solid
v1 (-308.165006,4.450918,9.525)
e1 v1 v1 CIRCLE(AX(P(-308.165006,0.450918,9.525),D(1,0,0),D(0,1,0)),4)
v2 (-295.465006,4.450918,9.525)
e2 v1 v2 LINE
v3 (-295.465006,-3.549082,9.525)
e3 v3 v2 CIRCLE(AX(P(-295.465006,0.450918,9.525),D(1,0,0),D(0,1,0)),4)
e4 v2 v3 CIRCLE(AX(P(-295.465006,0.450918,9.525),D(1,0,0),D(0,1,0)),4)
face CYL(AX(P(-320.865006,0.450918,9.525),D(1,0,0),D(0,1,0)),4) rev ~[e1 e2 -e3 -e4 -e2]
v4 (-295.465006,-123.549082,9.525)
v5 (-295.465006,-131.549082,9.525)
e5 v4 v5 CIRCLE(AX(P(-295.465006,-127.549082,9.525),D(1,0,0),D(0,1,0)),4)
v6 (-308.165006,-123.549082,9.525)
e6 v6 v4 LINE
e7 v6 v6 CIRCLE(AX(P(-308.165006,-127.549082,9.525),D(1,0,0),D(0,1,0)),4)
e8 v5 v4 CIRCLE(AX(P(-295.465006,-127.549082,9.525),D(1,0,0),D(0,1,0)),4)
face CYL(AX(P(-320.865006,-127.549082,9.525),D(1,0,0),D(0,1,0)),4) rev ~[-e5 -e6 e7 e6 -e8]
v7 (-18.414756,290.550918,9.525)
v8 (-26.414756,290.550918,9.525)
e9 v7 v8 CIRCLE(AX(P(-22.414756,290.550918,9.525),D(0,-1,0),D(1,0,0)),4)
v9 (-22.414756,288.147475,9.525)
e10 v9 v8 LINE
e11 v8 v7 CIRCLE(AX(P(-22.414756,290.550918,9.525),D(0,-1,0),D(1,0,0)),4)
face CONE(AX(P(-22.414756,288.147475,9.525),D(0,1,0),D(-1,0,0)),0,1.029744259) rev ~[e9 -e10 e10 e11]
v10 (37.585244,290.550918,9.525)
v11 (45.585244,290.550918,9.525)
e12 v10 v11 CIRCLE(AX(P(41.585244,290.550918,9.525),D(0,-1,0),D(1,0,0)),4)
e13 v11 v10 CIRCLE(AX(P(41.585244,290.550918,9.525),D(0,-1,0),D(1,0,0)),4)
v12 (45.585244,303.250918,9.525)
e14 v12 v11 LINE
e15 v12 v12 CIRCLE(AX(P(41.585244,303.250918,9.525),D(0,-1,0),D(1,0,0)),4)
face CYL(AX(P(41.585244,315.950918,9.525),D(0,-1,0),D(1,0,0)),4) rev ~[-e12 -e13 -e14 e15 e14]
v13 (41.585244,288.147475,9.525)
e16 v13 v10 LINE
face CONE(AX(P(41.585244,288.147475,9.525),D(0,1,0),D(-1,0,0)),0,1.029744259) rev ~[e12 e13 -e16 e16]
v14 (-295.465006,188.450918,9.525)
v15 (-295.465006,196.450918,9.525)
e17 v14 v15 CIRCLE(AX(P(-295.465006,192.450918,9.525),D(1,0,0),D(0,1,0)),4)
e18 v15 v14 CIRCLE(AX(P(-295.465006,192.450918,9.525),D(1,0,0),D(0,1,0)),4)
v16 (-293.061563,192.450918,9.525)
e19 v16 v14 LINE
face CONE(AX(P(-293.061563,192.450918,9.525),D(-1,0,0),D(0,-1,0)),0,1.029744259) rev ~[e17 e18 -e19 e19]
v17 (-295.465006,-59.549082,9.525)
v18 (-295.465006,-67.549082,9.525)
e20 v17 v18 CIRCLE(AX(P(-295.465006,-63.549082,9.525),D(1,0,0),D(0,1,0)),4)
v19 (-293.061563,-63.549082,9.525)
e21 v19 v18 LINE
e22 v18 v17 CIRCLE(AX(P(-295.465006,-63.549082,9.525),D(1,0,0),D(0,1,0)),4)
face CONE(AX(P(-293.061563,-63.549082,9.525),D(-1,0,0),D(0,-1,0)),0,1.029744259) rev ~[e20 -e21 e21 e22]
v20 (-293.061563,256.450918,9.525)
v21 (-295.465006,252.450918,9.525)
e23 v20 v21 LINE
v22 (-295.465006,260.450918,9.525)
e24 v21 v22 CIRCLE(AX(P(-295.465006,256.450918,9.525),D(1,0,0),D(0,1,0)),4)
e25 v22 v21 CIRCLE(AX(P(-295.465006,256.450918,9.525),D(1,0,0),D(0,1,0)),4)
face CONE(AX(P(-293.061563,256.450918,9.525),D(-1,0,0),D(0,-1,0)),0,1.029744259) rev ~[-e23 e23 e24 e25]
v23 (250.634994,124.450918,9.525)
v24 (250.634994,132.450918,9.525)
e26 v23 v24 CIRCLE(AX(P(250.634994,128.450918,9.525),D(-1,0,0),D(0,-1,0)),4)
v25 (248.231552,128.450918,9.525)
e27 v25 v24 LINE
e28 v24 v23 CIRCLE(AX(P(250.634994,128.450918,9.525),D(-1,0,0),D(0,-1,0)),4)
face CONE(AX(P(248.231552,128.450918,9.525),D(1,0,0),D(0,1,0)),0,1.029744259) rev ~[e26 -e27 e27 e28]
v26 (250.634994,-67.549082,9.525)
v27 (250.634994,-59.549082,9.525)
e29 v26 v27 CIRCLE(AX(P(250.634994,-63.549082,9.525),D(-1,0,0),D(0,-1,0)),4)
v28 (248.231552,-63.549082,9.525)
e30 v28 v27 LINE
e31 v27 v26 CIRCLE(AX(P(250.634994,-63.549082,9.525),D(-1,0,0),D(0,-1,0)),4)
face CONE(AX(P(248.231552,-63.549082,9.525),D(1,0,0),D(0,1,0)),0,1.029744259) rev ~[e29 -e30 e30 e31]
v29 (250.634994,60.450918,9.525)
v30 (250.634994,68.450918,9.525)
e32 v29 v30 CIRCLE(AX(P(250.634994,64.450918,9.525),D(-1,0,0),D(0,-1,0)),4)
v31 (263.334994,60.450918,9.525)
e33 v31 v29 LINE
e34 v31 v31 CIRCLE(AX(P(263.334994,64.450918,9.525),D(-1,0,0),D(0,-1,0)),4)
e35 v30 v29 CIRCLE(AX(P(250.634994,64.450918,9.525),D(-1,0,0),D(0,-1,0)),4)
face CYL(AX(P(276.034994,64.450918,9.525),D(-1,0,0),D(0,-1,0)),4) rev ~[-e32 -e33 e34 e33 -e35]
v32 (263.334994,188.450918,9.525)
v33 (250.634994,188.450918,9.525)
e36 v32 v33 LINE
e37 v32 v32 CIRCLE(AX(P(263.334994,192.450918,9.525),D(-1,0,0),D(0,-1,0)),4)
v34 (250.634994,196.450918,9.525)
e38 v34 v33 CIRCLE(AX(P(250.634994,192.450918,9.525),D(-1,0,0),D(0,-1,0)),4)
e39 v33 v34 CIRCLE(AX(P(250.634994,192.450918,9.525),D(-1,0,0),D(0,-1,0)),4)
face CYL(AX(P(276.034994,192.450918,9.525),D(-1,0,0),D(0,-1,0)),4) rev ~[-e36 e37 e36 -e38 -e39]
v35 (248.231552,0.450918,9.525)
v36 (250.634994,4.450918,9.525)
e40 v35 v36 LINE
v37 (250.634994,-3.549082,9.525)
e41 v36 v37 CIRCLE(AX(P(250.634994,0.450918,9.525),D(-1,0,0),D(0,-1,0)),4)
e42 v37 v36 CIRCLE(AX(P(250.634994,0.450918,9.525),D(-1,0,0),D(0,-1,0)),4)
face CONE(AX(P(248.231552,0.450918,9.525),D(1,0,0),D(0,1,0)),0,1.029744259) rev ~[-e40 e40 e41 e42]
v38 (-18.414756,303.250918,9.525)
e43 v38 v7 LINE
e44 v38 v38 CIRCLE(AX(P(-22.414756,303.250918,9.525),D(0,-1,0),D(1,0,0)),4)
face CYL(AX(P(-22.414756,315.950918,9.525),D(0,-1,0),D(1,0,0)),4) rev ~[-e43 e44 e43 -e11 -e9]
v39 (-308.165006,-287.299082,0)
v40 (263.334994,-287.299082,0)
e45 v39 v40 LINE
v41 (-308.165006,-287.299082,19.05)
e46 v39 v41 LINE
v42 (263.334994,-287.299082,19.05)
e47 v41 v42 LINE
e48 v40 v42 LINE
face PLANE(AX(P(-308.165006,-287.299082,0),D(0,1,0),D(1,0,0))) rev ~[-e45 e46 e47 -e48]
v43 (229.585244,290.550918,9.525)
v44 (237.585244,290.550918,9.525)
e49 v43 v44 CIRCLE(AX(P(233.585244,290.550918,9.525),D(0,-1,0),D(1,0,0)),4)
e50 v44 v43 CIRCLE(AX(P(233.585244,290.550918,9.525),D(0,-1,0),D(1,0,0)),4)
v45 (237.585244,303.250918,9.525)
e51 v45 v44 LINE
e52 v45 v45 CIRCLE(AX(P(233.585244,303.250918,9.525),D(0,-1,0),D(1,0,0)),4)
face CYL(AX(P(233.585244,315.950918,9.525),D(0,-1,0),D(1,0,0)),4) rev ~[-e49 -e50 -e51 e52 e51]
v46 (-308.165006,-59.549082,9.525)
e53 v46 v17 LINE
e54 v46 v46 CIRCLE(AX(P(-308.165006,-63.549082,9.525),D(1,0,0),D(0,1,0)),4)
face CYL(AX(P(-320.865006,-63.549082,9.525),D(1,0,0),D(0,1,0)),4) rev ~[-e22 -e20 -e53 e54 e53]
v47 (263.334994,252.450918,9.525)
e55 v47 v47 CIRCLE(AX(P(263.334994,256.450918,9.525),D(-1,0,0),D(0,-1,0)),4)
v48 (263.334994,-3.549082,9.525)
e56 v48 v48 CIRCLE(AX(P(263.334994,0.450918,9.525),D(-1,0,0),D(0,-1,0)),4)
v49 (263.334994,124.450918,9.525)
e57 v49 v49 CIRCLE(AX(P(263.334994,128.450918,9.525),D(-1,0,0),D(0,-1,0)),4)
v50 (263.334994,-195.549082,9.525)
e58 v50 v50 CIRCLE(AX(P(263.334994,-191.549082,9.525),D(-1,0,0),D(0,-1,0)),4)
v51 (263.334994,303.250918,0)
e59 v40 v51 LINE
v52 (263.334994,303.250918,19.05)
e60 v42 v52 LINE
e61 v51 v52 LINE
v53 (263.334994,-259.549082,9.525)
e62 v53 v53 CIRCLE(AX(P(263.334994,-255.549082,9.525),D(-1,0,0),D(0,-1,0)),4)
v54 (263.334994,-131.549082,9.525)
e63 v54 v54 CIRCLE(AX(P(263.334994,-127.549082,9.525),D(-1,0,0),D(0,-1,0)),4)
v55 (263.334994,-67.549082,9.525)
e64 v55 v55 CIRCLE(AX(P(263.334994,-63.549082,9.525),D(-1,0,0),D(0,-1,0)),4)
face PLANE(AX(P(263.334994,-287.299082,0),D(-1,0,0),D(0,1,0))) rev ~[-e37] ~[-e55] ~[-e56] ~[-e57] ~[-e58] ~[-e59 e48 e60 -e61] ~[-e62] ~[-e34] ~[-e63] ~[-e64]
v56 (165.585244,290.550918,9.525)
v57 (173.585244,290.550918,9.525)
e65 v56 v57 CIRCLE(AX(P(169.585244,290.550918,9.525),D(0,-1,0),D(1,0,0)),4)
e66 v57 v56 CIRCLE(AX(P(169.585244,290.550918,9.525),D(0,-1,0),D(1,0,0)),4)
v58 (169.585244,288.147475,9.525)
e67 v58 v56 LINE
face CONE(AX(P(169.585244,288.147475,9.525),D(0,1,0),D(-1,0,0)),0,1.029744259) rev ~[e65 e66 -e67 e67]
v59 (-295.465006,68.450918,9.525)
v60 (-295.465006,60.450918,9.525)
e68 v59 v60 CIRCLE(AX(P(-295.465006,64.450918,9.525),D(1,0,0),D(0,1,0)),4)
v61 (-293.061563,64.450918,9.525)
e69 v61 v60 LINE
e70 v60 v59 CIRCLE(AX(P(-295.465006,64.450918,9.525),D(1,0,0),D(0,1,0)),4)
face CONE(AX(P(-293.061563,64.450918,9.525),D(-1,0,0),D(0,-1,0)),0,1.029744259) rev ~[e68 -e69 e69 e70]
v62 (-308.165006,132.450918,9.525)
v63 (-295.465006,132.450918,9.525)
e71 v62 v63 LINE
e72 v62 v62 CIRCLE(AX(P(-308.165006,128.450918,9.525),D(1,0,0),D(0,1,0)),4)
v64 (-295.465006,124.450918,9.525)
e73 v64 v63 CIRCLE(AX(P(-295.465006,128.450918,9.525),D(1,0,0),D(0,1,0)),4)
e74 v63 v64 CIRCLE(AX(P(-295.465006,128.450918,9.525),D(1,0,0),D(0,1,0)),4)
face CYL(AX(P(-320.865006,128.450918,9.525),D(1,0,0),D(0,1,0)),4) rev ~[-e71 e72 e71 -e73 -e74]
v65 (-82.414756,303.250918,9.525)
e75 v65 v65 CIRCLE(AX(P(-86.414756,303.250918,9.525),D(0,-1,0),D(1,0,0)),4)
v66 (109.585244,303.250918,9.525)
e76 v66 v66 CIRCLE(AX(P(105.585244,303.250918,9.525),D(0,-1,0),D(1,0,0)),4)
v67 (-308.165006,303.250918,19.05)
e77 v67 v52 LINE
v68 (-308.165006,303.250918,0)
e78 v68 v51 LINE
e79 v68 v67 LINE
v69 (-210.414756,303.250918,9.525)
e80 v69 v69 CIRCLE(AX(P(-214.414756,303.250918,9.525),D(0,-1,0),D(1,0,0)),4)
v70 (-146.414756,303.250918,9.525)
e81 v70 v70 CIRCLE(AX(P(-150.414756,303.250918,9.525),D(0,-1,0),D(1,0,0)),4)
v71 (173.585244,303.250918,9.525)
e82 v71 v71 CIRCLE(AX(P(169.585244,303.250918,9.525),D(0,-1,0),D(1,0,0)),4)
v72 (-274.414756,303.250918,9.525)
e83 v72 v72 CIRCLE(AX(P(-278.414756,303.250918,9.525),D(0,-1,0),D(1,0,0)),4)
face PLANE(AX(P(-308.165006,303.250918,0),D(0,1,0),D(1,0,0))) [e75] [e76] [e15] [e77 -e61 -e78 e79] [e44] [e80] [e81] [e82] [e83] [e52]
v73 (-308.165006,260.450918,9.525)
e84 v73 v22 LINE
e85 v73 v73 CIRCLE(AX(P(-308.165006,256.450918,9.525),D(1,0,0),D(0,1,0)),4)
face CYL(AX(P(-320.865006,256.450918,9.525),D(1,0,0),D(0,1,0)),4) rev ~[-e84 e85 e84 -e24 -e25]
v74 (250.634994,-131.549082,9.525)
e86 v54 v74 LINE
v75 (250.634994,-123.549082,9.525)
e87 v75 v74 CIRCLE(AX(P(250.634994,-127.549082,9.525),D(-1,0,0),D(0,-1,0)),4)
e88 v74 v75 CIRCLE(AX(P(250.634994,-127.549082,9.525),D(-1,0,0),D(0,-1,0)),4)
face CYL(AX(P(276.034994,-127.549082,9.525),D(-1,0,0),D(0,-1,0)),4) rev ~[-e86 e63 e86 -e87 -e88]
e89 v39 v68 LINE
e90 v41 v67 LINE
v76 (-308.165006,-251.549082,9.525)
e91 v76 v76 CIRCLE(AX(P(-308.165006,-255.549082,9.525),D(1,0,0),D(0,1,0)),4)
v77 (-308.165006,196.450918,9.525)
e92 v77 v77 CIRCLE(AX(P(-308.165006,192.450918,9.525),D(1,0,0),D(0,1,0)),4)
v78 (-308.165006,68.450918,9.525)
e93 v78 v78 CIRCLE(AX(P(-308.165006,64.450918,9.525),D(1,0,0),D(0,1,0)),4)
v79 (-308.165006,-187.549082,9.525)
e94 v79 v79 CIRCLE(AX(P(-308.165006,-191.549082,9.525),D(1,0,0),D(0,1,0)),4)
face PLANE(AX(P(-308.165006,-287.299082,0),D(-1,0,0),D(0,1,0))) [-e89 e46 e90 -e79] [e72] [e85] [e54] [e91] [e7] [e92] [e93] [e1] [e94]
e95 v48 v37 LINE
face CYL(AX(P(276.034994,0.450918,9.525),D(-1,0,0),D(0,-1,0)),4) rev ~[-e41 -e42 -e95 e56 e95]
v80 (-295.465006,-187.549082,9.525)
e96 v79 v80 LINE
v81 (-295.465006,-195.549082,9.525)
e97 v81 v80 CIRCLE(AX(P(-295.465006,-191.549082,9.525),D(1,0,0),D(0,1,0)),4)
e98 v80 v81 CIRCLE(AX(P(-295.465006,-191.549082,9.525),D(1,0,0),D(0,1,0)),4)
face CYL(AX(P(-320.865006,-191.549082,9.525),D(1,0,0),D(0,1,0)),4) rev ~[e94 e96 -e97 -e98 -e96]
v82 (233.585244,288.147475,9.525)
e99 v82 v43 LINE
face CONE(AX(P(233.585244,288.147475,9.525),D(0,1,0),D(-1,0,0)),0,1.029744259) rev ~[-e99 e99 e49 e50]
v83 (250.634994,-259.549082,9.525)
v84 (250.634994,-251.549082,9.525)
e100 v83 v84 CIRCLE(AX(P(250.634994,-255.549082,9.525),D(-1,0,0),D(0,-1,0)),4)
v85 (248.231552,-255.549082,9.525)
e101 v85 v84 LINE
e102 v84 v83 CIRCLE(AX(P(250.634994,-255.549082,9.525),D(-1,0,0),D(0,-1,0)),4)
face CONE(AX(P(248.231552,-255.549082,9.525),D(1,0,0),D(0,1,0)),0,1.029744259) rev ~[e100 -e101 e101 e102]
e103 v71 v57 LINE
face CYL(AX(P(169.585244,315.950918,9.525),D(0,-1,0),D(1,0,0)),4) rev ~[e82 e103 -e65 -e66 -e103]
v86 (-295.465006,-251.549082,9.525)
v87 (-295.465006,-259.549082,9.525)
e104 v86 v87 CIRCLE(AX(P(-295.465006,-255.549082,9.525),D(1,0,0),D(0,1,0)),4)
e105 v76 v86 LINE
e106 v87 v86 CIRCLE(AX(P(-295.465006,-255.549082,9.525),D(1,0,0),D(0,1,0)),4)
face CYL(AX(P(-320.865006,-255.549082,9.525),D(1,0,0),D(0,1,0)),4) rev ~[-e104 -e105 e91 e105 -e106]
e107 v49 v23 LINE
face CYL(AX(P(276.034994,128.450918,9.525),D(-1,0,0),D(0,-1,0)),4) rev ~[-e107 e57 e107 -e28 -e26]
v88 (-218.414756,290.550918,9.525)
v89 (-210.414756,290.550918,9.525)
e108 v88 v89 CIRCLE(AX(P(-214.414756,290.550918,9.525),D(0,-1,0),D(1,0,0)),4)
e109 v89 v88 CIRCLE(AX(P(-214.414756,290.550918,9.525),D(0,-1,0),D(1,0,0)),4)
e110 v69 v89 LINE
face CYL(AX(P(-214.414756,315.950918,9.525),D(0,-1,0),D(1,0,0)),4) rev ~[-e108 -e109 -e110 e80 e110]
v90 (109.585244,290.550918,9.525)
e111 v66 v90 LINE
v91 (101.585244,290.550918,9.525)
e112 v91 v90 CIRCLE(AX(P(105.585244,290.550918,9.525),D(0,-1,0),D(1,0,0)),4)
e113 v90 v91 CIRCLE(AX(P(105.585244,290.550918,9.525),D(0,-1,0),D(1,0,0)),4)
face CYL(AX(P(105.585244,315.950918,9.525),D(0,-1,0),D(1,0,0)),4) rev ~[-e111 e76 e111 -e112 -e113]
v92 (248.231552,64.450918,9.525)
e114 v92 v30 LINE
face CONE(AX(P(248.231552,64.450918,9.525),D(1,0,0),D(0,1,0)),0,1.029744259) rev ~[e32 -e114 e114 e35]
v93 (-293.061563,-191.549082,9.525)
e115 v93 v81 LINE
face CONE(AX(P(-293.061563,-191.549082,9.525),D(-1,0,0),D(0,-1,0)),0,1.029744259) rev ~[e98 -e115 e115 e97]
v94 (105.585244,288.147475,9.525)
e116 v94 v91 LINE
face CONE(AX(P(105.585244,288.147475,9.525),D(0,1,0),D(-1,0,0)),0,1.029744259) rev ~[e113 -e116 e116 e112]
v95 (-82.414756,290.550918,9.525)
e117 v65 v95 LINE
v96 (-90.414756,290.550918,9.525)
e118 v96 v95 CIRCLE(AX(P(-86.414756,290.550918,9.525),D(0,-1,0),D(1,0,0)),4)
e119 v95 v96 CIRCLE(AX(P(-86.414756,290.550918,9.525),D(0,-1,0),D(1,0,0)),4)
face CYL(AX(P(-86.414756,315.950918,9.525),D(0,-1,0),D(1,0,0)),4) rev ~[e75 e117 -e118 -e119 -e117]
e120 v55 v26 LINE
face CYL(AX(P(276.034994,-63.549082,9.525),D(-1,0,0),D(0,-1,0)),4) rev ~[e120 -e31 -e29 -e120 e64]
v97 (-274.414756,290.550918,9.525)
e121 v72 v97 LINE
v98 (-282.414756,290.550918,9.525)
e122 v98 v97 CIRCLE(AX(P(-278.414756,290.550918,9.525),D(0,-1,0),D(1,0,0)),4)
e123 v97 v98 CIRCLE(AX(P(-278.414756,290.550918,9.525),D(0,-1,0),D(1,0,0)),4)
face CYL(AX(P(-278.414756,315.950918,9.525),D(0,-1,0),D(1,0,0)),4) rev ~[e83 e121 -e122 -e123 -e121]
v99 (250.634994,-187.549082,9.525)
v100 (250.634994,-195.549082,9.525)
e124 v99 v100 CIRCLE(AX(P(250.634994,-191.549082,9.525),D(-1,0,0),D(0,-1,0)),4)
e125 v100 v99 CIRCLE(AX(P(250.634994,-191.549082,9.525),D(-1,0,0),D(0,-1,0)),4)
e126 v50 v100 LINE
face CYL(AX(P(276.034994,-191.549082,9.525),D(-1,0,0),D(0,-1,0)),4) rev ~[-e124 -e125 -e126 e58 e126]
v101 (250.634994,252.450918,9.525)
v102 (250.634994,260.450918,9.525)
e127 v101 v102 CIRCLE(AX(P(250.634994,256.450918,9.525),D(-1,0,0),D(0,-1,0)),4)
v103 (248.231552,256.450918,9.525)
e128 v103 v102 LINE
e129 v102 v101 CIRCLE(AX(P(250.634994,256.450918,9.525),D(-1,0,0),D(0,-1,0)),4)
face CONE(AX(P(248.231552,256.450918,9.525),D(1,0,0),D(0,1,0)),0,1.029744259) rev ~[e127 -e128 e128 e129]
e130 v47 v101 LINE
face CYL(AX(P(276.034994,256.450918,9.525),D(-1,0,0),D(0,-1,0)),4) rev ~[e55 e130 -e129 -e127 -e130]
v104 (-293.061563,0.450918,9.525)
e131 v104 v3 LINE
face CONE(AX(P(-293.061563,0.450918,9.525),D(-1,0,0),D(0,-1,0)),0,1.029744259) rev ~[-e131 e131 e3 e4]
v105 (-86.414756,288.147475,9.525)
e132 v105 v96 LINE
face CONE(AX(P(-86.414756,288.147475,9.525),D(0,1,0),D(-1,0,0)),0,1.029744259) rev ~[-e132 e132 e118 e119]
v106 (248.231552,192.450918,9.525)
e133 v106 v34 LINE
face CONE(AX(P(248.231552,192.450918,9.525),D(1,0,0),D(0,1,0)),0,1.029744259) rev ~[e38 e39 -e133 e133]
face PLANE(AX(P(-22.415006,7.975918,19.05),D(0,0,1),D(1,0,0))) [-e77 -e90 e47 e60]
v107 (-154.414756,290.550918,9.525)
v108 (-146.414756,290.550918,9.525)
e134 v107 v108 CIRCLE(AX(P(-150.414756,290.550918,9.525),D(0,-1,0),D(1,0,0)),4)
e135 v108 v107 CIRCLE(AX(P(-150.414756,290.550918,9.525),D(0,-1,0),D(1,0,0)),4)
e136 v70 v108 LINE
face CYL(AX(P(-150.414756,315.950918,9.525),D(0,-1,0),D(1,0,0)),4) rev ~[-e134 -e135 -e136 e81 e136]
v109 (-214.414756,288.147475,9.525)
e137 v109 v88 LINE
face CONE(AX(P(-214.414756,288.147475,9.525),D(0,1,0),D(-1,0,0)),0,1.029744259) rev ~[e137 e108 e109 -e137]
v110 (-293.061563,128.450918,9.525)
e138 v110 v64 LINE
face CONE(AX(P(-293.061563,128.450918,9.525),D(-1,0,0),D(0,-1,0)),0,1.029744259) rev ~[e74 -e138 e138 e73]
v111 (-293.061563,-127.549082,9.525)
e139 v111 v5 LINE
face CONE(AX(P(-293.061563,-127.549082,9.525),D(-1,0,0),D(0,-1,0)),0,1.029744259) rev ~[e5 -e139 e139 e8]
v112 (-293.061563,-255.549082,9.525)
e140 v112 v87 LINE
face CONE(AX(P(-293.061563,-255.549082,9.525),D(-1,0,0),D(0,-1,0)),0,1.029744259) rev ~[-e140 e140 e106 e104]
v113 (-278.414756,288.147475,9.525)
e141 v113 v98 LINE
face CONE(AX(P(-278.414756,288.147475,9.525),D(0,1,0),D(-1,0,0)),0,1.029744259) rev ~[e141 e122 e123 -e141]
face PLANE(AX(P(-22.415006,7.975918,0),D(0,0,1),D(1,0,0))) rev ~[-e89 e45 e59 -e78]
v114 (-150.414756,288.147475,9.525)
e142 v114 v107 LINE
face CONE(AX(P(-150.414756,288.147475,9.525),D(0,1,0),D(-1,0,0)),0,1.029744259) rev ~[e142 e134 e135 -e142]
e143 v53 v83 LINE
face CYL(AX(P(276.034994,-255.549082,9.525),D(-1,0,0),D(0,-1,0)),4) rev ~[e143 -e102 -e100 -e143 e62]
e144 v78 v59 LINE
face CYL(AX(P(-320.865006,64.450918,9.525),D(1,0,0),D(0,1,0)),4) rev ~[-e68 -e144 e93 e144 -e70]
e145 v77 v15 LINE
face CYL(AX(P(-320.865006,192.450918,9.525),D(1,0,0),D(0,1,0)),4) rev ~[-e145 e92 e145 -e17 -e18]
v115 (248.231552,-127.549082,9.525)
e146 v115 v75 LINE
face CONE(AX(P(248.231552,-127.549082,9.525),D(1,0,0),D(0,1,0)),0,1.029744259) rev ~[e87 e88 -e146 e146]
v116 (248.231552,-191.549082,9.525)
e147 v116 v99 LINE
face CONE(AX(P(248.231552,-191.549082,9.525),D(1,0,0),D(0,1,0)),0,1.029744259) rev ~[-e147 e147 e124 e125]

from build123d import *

# Parameters (mm, degrees)
F0_W     = 571.5
F0_H     = 590.55
F1_DEPTH = 19.05
F3_D     = 8
F3_DEPTH = 12.7
F3_TIP   = 2.4034424761
F5_D     = 8
F5_DEPTH = 12.7
F5_TIP   = 2.4034424761
F6_R     = 4
F7_DEPTH = 12.7
F8_D     = 8
F8_DEPTH = 12.7
F8_TIP   = 2.4034424761


with BuildPart() as f1:
    # F0 (on Top) → F1 (new body)
    with BuildSketch(Plane.XY):
        with Locations((-22.4150059079, 7.9759175807)):
            Rectangle(F0_W, F0_H)
    extrude(amount=F1_DEPTH)

    # F3
    with Locations(Plane.YZ.offset(263.3349940921)):
        with Locations((-255.5490824193, 9.525), (-191.5490824193, 9.525), (-127.5490824193, 9.525), (-63.5490824193, 9.525), (0.4509175807, 9.525), (64.4509175807, 9.525), (128.4509175807, 9.525), (192.4509175807, 9.525), (256.4509175807, 9.525)):
            Hole(F3_D / 2, depth=F3_DEPTH)
            with Locations((0, 0, -(F3_DEPTH + F3_TIP / 2))):  # 118° drill point
                Cone(0, F3_D / 2, F3_TIP, mode=Mode.SUBTRACT)

    # F5
    with Locations(Plane(origin=(-308.1650059079, 0, 0), x_dir=(0, -1, 0), z_dir=(-1, 0, 0))):
        with Locations((255.5490824193, 9.525), (191.5490824193, 9.525), (127.5490824193, 9.525), (63.5490824193, 9.525), (-64.4509175807, 9.525), (-0.4509175807, 9.525), (-128.4509175807, 9.525), (-192.4509175807, 9.525), (-256.4509175807, 9.525)):
            Hole(F5_D / 2, depth=F5_DEPTH)
            with Locations((0, 0, -(F5_DEPTH + F5_TIP / 2))):  # 118° drill point
                Cone(0, F5_D / 2, F5_TIP, mode=Mode.SUBTRACT)

    # F6 (on face) → F7 (join)
    with BuildSketch(Plane(origin=(0, 303.2509175807, 0), x_dir=(-1, 0, 0), z_dir=(0, 1, 0))):
        with Locations((-233.5852440921, 9.525)):
            Circle(F6_R)
        with Locations((-169.5852440921, 9.525)):
            Circle(F6_R)
        with Locations((-105.5852440921, 9.525)):
            Circle(F6_R)
        with Locations((-41.5852440921, 9.525)):
            Circle(F6_R)
        with Locations((22.4147559079, 9.525)):
            Circle(F6_R)
        with Locations((86.4147559079, 9.525)):
            Circle(F6_R)
        with Locations((150.4147559079, 9.525)):
            Circle(F6_R)
        with Locations((214.4147559079, 9.525)):
            Circle(F6_R)
        with Locations((278.4147559079, 9.525)):
            Circle(F6_R)
    extrude(amount=-F7_DEPTH)

    # F8
    with Locations(Plane(origin=(0, 303.2509175807, 0), x_dir=(-1, 0, 0), z_dir=(0, 1, 0))):
        with Locations((-233.5852440921, 9.525), (-169.5852440921, 9.525), (-105.5852440921, 9.525), (-41.5852440921, 9.525), (22.4147559079, 9.525), (86.4147559079, 9.525), (150.4147559079, 9.525), (214.4147559079, 9.525), (278.4147559079, 9.525)):
            Hole(F8_D / 2, depth=F8_DEPTH)
            with Locations((0, 0, -(F8_DEPTH + F8_TIP / 2))):  # 118° drill point
                Cone(0, F8_D / 2, F8_TIP, mode=Mode.SUBTRACT)


solid = f1.part
